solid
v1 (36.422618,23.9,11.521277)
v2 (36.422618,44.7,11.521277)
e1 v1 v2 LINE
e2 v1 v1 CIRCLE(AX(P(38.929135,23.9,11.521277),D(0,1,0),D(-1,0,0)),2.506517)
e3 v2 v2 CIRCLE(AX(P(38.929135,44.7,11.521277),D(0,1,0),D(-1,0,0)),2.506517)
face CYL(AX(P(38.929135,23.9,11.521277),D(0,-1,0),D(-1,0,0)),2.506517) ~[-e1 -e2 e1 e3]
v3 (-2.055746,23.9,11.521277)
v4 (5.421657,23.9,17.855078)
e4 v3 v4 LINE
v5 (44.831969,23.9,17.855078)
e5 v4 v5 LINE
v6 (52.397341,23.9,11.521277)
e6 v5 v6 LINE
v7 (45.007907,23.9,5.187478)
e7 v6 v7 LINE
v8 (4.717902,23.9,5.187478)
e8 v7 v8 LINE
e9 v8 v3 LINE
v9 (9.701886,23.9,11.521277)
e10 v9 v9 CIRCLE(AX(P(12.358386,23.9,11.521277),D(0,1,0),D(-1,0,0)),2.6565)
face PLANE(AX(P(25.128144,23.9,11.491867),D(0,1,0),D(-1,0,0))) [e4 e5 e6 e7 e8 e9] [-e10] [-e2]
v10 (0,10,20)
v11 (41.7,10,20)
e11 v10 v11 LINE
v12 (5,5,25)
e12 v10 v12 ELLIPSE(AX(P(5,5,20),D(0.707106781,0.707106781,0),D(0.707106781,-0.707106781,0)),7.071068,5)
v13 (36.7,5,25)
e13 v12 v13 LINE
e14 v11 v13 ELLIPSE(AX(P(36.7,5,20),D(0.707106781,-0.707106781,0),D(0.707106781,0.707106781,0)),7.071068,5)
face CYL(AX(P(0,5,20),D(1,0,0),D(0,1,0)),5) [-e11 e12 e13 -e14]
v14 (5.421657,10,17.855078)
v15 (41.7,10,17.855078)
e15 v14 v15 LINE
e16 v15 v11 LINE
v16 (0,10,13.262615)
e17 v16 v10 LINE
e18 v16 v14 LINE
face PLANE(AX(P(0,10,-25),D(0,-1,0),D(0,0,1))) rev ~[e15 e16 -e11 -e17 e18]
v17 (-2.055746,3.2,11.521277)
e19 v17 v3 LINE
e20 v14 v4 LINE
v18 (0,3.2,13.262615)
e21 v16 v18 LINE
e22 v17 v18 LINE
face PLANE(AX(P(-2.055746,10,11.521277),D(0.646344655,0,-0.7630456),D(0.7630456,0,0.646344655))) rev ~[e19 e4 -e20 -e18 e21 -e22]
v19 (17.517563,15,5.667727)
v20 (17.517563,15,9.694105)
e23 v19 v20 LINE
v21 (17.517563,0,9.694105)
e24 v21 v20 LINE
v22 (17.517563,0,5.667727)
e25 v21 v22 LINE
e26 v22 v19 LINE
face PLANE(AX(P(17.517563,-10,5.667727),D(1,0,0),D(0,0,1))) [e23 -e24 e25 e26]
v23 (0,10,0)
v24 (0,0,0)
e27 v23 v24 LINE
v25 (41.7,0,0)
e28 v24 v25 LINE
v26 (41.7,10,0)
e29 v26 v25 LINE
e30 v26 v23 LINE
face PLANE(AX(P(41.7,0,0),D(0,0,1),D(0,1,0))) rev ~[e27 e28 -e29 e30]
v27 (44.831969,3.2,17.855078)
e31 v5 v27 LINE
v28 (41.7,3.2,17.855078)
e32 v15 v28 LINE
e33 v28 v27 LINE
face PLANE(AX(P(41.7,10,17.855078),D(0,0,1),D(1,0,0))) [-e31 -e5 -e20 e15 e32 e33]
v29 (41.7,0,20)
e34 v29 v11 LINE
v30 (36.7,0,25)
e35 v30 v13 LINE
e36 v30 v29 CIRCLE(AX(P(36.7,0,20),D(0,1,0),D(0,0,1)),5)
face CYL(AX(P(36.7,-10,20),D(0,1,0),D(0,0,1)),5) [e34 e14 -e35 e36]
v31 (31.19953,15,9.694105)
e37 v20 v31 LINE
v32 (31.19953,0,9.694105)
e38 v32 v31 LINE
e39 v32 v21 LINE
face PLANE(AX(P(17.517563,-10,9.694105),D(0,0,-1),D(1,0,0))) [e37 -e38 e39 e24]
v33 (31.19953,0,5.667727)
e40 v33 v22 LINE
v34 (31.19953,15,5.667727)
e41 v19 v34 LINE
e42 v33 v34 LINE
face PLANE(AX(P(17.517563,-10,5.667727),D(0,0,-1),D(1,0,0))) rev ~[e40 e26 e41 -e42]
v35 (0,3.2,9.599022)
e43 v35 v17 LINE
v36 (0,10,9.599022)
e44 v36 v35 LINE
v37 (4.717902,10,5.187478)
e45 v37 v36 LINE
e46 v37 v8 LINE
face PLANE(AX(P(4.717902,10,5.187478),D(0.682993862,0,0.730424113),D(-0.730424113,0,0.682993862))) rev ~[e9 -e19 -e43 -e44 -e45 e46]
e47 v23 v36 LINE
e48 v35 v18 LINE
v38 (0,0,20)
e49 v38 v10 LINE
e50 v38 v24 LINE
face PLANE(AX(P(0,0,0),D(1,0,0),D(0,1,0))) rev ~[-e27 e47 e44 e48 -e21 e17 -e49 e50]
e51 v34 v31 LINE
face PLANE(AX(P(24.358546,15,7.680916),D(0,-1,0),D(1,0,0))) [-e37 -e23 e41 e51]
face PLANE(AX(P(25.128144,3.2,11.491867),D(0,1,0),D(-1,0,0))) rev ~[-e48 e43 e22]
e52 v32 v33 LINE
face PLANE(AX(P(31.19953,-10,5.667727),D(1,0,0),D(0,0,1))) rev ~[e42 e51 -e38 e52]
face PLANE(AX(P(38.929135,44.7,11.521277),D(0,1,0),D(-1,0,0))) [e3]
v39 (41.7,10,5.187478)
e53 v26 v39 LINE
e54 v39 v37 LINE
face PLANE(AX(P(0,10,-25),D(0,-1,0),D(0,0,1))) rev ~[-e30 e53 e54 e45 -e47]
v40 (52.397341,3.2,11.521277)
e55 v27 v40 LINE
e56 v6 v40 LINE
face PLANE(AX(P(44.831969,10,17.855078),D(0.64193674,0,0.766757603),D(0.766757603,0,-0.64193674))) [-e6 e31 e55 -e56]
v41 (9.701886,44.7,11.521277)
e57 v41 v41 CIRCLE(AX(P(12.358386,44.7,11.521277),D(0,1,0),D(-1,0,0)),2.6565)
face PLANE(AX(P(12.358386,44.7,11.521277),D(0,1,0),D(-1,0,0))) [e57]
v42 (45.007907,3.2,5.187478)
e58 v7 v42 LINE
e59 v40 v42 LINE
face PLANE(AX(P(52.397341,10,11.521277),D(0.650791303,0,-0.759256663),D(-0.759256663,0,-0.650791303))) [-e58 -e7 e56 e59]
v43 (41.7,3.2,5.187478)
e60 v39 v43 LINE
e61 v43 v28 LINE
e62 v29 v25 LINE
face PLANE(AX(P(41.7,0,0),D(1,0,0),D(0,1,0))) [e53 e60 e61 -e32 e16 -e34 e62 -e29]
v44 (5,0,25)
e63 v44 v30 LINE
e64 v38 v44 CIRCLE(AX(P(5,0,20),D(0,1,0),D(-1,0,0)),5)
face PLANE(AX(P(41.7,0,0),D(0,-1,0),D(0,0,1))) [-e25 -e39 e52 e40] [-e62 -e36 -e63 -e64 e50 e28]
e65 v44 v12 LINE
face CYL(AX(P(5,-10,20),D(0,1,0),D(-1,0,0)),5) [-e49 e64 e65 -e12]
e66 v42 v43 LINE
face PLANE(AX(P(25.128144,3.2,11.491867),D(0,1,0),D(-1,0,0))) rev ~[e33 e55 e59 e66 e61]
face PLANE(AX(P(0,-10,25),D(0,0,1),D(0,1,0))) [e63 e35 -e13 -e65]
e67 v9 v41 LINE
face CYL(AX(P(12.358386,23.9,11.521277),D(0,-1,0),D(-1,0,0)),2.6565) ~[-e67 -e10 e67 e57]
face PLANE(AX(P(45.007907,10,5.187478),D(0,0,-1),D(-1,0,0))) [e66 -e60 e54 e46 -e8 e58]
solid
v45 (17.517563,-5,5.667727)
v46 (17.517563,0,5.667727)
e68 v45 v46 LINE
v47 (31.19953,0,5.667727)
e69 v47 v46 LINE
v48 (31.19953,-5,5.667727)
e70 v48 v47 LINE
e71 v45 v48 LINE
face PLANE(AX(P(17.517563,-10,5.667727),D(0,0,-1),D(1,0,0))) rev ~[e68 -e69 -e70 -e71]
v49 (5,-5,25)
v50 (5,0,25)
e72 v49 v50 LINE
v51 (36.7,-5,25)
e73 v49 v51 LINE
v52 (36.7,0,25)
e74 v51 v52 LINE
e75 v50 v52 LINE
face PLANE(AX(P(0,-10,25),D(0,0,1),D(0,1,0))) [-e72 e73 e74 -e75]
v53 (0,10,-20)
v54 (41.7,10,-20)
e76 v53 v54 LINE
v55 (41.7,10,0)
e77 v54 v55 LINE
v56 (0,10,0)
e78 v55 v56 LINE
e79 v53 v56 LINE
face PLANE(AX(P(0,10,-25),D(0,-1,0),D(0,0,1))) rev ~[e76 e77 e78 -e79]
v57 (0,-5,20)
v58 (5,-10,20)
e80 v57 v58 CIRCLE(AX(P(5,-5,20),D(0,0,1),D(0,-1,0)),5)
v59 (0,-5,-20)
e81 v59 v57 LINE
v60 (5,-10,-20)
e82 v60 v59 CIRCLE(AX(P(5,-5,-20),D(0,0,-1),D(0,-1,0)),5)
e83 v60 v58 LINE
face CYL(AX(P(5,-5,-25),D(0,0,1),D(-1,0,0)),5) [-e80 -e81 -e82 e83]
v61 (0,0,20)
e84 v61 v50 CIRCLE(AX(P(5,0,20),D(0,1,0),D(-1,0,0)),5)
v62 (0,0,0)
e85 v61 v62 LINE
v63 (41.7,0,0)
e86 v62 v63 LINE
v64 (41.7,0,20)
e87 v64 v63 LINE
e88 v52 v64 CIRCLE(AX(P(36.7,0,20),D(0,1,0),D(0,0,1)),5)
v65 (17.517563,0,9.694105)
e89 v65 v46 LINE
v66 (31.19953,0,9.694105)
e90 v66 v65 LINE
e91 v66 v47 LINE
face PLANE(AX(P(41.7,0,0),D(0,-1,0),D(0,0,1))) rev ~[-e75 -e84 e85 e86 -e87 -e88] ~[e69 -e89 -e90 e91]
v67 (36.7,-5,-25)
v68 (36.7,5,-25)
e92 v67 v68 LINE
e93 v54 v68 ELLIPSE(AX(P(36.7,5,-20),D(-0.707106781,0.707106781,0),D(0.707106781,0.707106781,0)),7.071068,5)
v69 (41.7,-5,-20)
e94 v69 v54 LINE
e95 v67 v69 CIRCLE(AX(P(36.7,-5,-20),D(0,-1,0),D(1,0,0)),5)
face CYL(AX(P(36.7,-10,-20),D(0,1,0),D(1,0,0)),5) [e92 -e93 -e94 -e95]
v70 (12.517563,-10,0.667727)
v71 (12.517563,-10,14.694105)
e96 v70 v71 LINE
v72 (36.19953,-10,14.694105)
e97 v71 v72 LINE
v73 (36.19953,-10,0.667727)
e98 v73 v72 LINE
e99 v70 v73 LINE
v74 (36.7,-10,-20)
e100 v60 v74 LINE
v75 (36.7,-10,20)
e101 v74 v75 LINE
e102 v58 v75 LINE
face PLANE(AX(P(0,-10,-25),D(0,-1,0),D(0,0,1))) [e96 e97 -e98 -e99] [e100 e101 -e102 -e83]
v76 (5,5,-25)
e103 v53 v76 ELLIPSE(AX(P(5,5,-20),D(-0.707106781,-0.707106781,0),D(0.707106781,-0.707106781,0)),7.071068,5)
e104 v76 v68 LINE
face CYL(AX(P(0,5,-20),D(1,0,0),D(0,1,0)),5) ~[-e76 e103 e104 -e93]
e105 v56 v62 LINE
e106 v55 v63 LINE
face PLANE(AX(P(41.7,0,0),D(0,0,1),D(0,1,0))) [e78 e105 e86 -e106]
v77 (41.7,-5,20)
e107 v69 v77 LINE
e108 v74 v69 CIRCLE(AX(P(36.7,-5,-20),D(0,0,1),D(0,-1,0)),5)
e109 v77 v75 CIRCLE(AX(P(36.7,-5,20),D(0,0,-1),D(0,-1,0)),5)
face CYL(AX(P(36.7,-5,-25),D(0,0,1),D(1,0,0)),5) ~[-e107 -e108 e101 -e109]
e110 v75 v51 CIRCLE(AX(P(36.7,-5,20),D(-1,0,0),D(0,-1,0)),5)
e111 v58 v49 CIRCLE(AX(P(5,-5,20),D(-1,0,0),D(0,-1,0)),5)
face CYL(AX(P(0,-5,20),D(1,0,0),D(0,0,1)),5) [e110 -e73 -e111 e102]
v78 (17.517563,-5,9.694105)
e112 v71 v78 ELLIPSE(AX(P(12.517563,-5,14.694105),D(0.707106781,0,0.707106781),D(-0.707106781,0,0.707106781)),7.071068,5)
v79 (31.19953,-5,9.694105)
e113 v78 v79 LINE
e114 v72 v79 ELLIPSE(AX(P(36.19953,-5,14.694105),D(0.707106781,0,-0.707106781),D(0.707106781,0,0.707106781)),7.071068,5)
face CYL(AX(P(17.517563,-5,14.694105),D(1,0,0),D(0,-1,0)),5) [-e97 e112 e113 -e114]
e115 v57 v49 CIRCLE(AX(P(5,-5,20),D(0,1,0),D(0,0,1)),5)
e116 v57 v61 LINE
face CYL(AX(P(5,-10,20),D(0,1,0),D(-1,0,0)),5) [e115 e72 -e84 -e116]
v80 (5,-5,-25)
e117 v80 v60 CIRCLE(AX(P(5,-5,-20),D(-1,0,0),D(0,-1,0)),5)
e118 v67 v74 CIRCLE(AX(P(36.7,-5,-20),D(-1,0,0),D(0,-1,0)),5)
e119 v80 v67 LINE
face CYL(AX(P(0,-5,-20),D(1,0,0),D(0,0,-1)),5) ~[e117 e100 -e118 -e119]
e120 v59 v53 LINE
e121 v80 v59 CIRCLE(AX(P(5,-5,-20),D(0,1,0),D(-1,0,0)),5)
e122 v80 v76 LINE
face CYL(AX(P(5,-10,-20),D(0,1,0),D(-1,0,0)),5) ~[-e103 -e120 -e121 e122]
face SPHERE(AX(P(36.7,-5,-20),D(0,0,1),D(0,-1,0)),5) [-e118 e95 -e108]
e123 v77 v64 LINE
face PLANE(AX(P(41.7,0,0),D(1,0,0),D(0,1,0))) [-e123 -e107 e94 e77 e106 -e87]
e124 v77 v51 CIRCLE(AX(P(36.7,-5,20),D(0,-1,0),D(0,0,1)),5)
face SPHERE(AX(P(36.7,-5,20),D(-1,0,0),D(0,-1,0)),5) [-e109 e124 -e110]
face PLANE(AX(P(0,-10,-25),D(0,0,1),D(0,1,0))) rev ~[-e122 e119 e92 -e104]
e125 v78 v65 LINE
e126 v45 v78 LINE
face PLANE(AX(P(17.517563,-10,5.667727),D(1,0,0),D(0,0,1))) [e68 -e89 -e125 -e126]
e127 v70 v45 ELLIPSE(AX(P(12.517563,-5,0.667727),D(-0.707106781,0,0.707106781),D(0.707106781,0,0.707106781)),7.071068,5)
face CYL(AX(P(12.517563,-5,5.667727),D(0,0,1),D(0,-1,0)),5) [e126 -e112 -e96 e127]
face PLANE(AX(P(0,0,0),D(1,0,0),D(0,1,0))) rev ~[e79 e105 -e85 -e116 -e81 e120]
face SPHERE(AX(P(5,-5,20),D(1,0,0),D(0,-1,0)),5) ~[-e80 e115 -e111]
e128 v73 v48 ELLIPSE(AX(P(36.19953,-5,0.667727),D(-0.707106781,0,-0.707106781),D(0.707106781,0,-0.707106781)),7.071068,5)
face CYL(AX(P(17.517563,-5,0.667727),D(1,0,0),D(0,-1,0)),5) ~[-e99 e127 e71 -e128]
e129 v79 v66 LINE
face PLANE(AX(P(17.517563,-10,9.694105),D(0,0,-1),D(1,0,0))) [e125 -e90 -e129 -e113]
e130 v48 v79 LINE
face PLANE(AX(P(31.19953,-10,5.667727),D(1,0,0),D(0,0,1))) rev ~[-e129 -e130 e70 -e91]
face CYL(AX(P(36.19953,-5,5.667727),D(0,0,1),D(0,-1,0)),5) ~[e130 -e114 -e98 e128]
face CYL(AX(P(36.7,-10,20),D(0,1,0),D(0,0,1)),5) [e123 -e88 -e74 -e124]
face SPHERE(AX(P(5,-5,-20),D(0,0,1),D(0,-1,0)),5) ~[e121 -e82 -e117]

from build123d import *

# Parameters (mm, degrees)
F0_W           = 20
F0_H           = 50
F1_DEPTH       = 41.7
F3_DEPTH       = 13.9
F4_R           = 2.5065170682
F4_R_2         = 2.6565004192
F5_DEPTH       = 20.8
F6_W           = 13.6819668114
F6_H           = 4.0263775736
F7_DEPTH       = 25
F8_R           = 5
F9_DEPTH       = 6.8
F10_W          = 89.1183391213
F10_H          = 31.738139689
F11_DEPTH      = 102.9
F11_DEPTH_BACK = 95.7


with BuildPart() as f1:
    # F0 (on Right) → F1 (new body)
    with BuildSketch(Plane.YZ):
        Rectangle(F0_W, F0_H)
    extrude(amount=F1_DEPTH)

    # F2 (on face) → F3 (join)
    with BuildSketch(Plane(origin=(0, 10, 0), x_dir=(-1, 0, 0), z_dir=(0, 1, 0))):
        Polygon((2.0557455719, 11.5212770179), (-5.4216566496, 17.8550779819), (-44.8319688439, 17.8550779819), (-52.3973405361, 11.5212770179), (-45.0079068542, 5.1874779165), (-4.7179018147, 5.1874779165), align=None)
    extrude(amount=F3_DEPTH)

    # F4 (on face) → F5 (join)
    with BuildSketch(Plane(origin=(0, 23.9, 0), x_dir=(-1, 0, 0), z_dir=(0, 1, 0))):
        with Locations((-38.9291346073, 11.5212770179)):
            Circle(F4_R)
        with Locations((-12.3583860695, 11.5212770179)):
            Circle(F4_R_2)
    extrude(amount=F5_DEPTH)

    # F6 (on face) → F7 (cut)
    with BuildSketch(Plane.XZ.offset(10)):
        with Locations((24.3585463613, 7.6809162274)):
            Rectangle(F6_W, F6_H)
    extrude(amount=-F7_DEPTH, mode=Mode.SUBTRACT)

    # F8
    f8_edges = [f1.edges().sort_by_distance(p)[0] for p in [
        (20.85, -10, 25),
        (0, -10, 0),
        (41.7, -10, 0),
        (20.85, -10, -25),
        (24.358546, -10, 5.667727),
        (17.517563, -10, 7.680916),
        (24.358546, -10, 9.694105),
        (31.19953, -10, 7.680916),
        (20.85, 10, -25),
        (0, 0, -25),
        (41.7, 0, -25),
        (20.85, 10, 25),
        (0, 0, 25),
        (41.7, 0, 25),
    ]]
    fillet(f8_edges, radius=F8_R)

    # F9 (add): faces of the model
    f9_faces = [f1.faces().sort_by_distance(p)[0] for p in [
        (45.5142899313, 10, 11.4945877897),
        (-0.685248524, 10, 11.4609711979),
    ]]
    extrude(f9_faces, amount=F9_DEPTH)


with BuildPart() as f11:
    # F10 (on face) → F11 (new body, two sides)
    with BuildSketch(Plane.YZ.offset(41.7)) as f11_sk:
        with Locations((44.5591695607, 15.8690698445)):
            Rectangle(F10_W, F10_H)
    extrude(amount=-F11_DEPTH)
    extrude(f11_sk.sketch, amount=F11_DEPTH_BACK)


with BuildPart() as f12_1:
    # F12: copy of F11
    add(f11.part)


with BuildPart() as f13_1:
    # F13: copy of F1
    add(f1.part)

    # F15: intersect F12_1
    add(f12_1.part, mode=Mode.INTERSECT)


with BuildPart() as f1_1:
    add(f1.part)

    # F14: cut F11
    add(f11.part, mode=Mode.SUBTRACT)


solid = Compound([f13_1.part, f1_1.part])
